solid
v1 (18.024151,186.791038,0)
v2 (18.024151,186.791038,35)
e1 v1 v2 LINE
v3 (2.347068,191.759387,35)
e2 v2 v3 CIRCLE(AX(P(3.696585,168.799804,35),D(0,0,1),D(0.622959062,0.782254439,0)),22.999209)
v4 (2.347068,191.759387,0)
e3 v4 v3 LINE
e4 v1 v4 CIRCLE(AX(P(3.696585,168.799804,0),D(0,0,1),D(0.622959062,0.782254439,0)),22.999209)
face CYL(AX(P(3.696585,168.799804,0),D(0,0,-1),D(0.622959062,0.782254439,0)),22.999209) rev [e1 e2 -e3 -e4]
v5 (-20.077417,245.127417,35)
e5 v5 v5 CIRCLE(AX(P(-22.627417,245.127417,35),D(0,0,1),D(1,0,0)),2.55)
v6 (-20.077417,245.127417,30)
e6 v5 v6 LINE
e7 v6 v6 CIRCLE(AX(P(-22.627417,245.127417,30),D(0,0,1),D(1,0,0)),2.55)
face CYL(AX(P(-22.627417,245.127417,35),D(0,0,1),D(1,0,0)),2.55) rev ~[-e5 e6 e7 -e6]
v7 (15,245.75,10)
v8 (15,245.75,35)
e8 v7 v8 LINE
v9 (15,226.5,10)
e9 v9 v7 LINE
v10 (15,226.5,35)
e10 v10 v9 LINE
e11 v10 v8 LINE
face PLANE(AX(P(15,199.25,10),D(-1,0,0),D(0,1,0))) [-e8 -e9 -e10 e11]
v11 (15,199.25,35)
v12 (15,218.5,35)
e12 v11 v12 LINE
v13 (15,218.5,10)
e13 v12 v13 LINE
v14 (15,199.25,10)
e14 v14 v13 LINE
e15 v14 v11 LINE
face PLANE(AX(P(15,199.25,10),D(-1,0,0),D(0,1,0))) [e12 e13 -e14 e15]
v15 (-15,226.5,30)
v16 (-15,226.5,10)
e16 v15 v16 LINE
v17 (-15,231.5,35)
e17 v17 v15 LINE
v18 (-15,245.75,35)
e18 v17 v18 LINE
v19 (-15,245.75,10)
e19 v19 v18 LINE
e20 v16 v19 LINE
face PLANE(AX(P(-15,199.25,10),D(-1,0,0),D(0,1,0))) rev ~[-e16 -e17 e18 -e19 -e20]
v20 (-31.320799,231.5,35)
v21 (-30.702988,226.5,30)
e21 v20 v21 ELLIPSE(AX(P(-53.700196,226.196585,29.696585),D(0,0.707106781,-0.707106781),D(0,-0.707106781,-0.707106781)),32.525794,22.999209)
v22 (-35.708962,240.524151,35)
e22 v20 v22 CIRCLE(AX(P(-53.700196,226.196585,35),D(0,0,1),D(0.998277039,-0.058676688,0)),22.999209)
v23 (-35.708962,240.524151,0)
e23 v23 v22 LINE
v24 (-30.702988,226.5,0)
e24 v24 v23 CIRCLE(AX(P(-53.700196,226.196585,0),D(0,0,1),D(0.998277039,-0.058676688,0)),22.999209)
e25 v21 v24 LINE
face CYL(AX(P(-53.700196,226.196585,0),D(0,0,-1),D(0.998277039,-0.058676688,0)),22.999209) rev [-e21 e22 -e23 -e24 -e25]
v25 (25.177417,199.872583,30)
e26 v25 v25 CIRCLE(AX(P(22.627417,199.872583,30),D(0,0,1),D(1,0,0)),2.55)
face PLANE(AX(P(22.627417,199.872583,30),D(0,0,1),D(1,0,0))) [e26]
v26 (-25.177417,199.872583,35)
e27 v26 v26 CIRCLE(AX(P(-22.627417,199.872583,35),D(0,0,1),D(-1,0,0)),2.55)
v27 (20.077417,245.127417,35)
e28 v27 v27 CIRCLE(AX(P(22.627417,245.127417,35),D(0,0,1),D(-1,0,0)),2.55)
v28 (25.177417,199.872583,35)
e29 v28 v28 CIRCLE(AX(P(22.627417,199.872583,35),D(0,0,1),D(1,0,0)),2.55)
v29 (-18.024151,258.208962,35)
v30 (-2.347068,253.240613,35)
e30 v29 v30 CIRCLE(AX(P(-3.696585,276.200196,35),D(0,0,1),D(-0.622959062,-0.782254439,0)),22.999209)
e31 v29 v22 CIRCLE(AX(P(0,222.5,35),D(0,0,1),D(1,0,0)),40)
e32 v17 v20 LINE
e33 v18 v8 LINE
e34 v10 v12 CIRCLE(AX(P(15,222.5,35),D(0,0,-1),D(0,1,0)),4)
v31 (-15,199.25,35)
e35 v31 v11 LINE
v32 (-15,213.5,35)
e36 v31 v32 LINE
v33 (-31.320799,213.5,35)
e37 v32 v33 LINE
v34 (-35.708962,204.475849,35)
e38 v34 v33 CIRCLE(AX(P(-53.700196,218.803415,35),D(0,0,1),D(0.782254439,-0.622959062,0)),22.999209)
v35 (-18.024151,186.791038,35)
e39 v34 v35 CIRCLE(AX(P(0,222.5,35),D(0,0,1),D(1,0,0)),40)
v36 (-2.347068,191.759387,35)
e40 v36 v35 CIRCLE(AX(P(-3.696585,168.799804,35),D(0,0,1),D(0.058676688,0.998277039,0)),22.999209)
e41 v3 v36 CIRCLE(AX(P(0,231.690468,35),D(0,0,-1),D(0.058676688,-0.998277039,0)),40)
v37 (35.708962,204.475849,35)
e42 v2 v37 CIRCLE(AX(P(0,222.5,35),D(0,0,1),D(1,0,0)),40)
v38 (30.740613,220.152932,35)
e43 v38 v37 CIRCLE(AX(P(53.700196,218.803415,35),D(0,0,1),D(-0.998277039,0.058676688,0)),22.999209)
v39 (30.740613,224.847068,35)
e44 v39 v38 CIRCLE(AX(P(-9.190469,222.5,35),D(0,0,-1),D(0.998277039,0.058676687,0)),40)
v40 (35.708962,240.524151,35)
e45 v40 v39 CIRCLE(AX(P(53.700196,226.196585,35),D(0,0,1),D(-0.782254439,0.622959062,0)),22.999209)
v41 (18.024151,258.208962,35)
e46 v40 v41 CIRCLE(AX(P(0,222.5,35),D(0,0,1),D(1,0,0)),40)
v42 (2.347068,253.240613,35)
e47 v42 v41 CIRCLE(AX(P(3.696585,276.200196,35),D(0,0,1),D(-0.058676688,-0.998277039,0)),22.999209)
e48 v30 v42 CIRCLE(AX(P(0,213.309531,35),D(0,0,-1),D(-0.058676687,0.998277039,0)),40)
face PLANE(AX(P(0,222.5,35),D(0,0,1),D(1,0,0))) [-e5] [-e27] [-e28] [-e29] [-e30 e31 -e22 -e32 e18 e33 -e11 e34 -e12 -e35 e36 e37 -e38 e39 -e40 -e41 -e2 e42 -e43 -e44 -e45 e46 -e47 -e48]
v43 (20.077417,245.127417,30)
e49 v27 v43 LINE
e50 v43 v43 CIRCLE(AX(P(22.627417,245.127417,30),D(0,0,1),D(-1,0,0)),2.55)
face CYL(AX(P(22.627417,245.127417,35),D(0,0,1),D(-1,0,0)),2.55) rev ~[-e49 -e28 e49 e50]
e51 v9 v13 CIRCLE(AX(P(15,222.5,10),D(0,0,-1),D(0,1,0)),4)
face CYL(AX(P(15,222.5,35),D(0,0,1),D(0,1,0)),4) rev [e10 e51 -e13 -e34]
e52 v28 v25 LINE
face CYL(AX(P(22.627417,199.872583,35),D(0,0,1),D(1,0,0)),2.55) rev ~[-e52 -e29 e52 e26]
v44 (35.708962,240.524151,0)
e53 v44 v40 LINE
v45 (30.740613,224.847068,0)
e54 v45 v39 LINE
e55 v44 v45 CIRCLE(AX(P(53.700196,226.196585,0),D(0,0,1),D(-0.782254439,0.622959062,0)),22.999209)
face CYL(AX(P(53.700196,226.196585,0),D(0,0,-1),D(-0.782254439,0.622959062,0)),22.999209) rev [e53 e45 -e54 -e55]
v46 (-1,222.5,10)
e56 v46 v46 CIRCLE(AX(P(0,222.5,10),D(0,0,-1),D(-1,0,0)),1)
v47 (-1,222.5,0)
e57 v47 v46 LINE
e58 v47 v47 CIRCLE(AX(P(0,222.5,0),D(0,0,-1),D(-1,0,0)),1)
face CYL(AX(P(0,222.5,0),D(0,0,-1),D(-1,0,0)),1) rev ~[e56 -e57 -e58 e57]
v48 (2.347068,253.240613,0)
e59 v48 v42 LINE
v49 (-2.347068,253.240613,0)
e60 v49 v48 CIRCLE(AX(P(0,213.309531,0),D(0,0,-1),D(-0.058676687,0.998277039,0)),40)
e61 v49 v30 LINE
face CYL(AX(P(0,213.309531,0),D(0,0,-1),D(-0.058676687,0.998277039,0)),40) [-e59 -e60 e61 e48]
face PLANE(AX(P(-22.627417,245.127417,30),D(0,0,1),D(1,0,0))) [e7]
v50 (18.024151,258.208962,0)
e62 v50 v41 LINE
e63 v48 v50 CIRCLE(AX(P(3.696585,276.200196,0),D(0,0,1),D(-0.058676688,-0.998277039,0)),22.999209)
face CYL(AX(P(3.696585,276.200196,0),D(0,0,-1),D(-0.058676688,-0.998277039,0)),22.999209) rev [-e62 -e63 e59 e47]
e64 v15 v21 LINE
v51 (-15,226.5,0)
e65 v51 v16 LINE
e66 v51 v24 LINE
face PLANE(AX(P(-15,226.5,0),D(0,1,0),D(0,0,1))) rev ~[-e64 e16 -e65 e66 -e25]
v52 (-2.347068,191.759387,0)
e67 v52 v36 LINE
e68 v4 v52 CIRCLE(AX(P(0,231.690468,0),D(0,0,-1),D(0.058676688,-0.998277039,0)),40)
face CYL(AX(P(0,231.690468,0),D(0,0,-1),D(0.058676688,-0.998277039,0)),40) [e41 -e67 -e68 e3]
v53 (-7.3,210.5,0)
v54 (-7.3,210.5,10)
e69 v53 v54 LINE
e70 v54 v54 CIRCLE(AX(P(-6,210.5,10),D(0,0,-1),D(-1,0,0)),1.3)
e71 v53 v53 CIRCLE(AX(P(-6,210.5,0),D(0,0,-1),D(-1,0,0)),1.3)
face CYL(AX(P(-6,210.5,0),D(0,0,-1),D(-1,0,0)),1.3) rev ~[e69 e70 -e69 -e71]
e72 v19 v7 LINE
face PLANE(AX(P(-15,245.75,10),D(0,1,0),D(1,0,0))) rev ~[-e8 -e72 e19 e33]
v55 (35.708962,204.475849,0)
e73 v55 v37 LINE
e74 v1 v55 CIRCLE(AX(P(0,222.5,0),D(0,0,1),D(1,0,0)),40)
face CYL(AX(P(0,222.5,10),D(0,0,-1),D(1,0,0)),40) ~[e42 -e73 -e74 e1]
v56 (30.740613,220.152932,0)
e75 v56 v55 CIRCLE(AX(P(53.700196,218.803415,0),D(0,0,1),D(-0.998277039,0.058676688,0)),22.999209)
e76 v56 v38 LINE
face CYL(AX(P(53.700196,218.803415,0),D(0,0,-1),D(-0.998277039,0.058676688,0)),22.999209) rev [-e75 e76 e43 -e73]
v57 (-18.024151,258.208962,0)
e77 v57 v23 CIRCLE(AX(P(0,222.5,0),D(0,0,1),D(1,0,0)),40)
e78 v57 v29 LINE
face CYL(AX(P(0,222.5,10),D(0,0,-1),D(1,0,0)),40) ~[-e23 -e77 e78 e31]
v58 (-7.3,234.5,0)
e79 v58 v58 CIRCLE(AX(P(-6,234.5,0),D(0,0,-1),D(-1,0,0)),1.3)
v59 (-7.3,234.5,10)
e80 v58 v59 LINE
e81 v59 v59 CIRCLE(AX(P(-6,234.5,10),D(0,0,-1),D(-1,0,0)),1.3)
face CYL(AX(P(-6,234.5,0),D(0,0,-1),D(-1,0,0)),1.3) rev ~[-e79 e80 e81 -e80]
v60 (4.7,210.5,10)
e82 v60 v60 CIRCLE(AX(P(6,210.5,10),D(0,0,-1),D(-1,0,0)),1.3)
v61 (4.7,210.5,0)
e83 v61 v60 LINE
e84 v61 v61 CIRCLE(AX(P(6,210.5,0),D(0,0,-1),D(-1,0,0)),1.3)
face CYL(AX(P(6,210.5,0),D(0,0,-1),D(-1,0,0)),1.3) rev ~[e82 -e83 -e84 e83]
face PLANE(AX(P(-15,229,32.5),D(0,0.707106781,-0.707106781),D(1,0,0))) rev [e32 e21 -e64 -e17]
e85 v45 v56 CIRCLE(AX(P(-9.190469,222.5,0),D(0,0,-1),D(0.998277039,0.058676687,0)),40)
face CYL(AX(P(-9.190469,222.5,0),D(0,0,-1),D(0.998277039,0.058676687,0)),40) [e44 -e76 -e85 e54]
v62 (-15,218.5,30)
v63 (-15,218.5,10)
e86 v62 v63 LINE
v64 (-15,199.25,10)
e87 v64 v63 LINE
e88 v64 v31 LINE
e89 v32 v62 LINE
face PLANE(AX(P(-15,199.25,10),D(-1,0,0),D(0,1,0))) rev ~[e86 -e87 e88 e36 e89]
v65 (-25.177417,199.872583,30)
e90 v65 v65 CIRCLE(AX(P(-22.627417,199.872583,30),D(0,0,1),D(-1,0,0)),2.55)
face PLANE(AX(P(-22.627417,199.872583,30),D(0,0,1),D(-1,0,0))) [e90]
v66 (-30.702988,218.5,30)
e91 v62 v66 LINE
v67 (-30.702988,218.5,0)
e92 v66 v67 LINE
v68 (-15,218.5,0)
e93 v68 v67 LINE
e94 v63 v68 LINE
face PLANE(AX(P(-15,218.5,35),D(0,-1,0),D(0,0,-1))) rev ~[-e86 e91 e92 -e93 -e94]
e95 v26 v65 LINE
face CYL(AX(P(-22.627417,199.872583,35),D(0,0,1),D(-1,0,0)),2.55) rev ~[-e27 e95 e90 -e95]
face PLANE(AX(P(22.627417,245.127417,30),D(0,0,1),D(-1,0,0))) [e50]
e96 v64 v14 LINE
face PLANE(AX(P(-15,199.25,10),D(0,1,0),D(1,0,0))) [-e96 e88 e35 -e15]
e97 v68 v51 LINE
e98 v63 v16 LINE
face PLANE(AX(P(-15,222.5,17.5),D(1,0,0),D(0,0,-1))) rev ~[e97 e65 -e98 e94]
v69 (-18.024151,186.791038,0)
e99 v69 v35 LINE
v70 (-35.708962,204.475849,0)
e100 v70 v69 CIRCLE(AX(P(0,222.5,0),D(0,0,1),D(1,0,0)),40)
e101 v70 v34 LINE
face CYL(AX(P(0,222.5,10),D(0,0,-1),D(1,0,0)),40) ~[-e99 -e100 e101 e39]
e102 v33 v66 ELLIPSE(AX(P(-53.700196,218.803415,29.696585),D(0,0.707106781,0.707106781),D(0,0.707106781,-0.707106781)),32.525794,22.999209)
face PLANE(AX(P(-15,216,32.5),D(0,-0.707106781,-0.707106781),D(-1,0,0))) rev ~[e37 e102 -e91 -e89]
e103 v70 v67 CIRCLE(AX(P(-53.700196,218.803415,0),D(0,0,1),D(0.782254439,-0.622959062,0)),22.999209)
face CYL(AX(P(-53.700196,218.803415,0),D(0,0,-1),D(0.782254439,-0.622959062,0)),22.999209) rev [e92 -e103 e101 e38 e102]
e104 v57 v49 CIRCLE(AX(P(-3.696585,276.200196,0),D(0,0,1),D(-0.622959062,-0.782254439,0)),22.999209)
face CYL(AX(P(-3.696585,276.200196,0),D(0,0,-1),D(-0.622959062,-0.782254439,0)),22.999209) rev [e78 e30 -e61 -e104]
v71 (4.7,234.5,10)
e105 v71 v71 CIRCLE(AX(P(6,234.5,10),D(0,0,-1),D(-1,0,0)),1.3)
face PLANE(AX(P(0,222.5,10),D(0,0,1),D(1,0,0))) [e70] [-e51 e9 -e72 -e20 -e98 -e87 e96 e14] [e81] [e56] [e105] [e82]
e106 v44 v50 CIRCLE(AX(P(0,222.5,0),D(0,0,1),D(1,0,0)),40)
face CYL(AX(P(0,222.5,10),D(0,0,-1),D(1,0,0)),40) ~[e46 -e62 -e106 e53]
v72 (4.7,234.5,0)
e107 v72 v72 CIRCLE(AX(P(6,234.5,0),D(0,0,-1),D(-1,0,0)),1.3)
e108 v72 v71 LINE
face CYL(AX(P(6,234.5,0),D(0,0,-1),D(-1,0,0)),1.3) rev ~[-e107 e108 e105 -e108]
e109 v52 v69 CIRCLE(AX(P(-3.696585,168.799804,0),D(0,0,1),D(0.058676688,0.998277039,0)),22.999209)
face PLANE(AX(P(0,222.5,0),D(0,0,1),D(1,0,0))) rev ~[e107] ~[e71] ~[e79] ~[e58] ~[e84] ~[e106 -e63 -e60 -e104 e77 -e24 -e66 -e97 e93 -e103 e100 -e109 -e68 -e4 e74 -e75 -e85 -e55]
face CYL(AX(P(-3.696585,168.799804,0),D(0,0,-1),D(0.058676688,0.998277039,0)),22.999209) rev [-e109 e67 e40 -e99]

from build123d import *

# Parameters (mm, degrees)
SKETCH1_R           = 40
BOSS_EXTRUDE1_DEPTH = 10
SKETCH3_R           = 40
SKETCH3_W           = 30
SKETCH3_H           = 46.499999994
BOSS_EXTRUDE3_DEPTH = 25
CUT_EXTRUDE1_START  = -35
CUT_EXTRUDE1_DEPTH  = 35
SKETCH5_R           = 2.55
CUT_EXTRUDE2_DEPTH  = 5
CUT_EXTRUDE3_DEPTH  = 25
CUT_EXTRUDE4_DEPTH  = 22
SKETCH9_R           = 1
CUT_EXTRUDE5_DEPTH  = 10
SKETCH10_R          = 1.299999998
SKETCH10_R_2        = 1.299999999
SKETCH10_R_3        = 1.3
CUT_EXTRUDE6_DEPTH  = 10
CHAMFER1_SIZE       = 5


with BuildPart() as part:
    # Sketch1 → Boss-Extrude1 (new body)
    with BuildSketch(Plane.XY):
        with Locations((0, 222.499999997)):
            Circle(SKETCH1_R)
    extrude(amount=BOSS_EXTRUDE1_DEPTH)

    # Sketch3 → Boss-Extrude3 (add)
    with BuildSketch(Plane.XY.offset(10)):
        with Locations((0, 222.499999997)):
            Circle(SKETCH3_R)
        with Locations((0, 222.499999997)):
            Rectangle(SKETCH3_W, SKETCH3_H, mode=Mode.SUBTRACT)
    extrude(amount=BOSS_EXTRUDE3_DEPTH)

    # Sketch4 → Cut-Extrude1 (cut)
    with BuildSketch(Plane.XY.offset(35).offset(CUT_EXTRUDE1_START)):
        with BuildLine():
            ThreePointArc((40, 222.499999997), (38.912456167, 231.763949212), (35.708962247, 240.524150885))
            ThreePointArc((35.708962247, 240.524150885), (31.77566454, 233.14486234), (30.74061322, 224.84706751))
            ThreePointArc((30.74061322, 224.84706751), (30.809531665, 222.499999997), (30.74061322, 220.152932484))
            ThreePointArc((30.74061322, 220.152932484), (31.77566454, 211.855137653), (35.708962247, 204.475849108))
            ThreePointArc((35.708962247, 204.475849108), (38.912456167, 213.236050782), (40, 222.499999997))
        make_face()
        with BuildLine():
            ThreePointArc((-2.347067513, 191.759386777), (-10.644862344, 190.724335457), (-18.024150889, 186.79103775))
            ThreePointArc((-18.024150889, 186.79103775), (0, 182.499999997), (18.024150889, 186.79103775))
            ThreePointArc((18.024150889, 186.79103775), (10.644862344, 190.724335457), (2.347067513, 191.759386777))
            ThreePointArc((2.347067513, 191.759386777), (0, 191.690468331), (-2.347067513, 191.759386777))
        make_face()
        with BuildLine():
            ThreePointArc((18.024150889, 258.208962244), (0, 262.499999997), (-18.024150889, 258.208962244))
            ThreePointArc((-18.024150889, 258.208962244), (-10.644862344, 254.275664537), (-2.347067513, 253.240613217))
            ThreePointArc((-2.347067513, 253.240613217), (0, 253.309531662), (2.347067513, 253.240613217))
            ThreePointArc((2.347067513, 253.240613217), (10.644862344, 254.275664537), (18.024150889, 258.208962244))
        make_face()
        with BuildLine():
            ThreePointArc((-30.74061322, 220.152932484), (-30.809531665, 222.499999997), (-30.74061322, 224.84706751))
            ThreePointArc((-30.74061322, 224.84706751), (-31.77566454, 233.14486234), (-35.708962247, 240.524150885))
            ThreePointArc((-35.708962247, 240.524150885), (-40, 222.499999997), (-35.708962247, 204.475849108))
            ThreePointArc((-35.708962247, 204.475849108), (-31.77566454, 211.855137653), (-30.74061322, 220.152932484))
        make_face()
    extrude(amount=CUT_EXTRUDE1_DEPTH, mode=Mode.SUBTRACT)

    # Sketch5 → Cut-Extrude2 (cut)
    with BuildSketch(Plane.XY.offset(35)):
        with Locations((-22.627416998, 245.127416995)):
            Circle(SKETCH5_R)
        with Locations(Location((22.627416998, 245.127416995, 0), (0, 0, 180))):
            Circle(SKETCH5_R)
        with Locations((22.627416998, 199.872582999)):
            Circle(SKETCH5_R)
        with Locations(Location((-22.627416998, 199.872582999, 0), (0, 0, 180))):
            Circle(SKETCH5_R)
    extrude(amount=-CUT_EXTRUDE2_DEPTH, mode=Mode.SUBTRACT)

    # Sketch6 → Cut-Extrude3 (cut)
    with BuildSketch(Plane.XY.offset(35)):
        with BuildLine():
            Line((-15, 218.499999997), (-15, 226.499999997))
            ThreePointArc((-15, 226.499999997), (-19, 222.499999997), (-15, 218.499999997))
        make_face()
        with BuildLine():
            Line((15, 218.499999997), (15, 226.499999997))
            ThreePointArc((15, 226.499999997), (19, 222.499999997), (15, 218.499999997))
        make_face()
    extrude(amount=-CUT_EXTRUDE3_DEPTH, mode=Mode.SUBTRACT)

    # Sketch8 → Cut-Extrude4 (cut)
    with BuildSketch(Plane(origin=(-15, 0, 0), x_dir=(0, 0, -1), z_dir=(1, 0, 0))):
        Polygon((-22, 226.499999997), (-35, 226.499999997), (-35, 218.499999997), (-22, 218.499999997), (0, 218.499999997), (0, 226.499999997), align=None)
    extrude(amount=-CUT_EXTRUDE4_DEPTH, mode=Mode.SUBTRACT)

    # Sketch9 → Cut-Extrude5 (cut)
    with BuildSketch(Plane(origin=(0, 0, 0), x_dir=(-1, 0, 0), z_dir=(0, 0, -1))):
        with Locations((0, 222.499999997)):
            Circle(SKETCH9_R)
    extrude(amount=-CUT_EXTRUDE5_DEPTH, mode=Mode.SUBTRACT)

    # Sketch10 → Cut-Extrude6 (cut)
    with BuildSketch(Plane(origin=(0, 0, 0), x_dir=(-1, 0, 0), z_dir=(0, 0, -1))):
        with Locations((-6, 234.5)):
            Circle(SKETCH10_R)
        with Locations((6, 234.5)):
            Circle(SKETCH10_R_2)
        with Locations((6, 210.499999997)):
            Circle(SKETCH10_R_3)
        with Locations((-6, 210.499999997)):
            Circle(SKETCH10_R_3)
    extrude(amount=-CUT_EXTRUDE6_DEPTH, mode=Mode.SUBTRACT)

    # Chamfer1
    chamfer1_edges = [part.edges().sort_by_distance(p)[0] for p in [
        (-22.851493975, 218.499999997, 35),
        (-22.851493975, 226.499999997, 35),
    ]]
    chamfer(chamfer1_edges, length=CHAMFER1_SIZE)


solid = part.part
